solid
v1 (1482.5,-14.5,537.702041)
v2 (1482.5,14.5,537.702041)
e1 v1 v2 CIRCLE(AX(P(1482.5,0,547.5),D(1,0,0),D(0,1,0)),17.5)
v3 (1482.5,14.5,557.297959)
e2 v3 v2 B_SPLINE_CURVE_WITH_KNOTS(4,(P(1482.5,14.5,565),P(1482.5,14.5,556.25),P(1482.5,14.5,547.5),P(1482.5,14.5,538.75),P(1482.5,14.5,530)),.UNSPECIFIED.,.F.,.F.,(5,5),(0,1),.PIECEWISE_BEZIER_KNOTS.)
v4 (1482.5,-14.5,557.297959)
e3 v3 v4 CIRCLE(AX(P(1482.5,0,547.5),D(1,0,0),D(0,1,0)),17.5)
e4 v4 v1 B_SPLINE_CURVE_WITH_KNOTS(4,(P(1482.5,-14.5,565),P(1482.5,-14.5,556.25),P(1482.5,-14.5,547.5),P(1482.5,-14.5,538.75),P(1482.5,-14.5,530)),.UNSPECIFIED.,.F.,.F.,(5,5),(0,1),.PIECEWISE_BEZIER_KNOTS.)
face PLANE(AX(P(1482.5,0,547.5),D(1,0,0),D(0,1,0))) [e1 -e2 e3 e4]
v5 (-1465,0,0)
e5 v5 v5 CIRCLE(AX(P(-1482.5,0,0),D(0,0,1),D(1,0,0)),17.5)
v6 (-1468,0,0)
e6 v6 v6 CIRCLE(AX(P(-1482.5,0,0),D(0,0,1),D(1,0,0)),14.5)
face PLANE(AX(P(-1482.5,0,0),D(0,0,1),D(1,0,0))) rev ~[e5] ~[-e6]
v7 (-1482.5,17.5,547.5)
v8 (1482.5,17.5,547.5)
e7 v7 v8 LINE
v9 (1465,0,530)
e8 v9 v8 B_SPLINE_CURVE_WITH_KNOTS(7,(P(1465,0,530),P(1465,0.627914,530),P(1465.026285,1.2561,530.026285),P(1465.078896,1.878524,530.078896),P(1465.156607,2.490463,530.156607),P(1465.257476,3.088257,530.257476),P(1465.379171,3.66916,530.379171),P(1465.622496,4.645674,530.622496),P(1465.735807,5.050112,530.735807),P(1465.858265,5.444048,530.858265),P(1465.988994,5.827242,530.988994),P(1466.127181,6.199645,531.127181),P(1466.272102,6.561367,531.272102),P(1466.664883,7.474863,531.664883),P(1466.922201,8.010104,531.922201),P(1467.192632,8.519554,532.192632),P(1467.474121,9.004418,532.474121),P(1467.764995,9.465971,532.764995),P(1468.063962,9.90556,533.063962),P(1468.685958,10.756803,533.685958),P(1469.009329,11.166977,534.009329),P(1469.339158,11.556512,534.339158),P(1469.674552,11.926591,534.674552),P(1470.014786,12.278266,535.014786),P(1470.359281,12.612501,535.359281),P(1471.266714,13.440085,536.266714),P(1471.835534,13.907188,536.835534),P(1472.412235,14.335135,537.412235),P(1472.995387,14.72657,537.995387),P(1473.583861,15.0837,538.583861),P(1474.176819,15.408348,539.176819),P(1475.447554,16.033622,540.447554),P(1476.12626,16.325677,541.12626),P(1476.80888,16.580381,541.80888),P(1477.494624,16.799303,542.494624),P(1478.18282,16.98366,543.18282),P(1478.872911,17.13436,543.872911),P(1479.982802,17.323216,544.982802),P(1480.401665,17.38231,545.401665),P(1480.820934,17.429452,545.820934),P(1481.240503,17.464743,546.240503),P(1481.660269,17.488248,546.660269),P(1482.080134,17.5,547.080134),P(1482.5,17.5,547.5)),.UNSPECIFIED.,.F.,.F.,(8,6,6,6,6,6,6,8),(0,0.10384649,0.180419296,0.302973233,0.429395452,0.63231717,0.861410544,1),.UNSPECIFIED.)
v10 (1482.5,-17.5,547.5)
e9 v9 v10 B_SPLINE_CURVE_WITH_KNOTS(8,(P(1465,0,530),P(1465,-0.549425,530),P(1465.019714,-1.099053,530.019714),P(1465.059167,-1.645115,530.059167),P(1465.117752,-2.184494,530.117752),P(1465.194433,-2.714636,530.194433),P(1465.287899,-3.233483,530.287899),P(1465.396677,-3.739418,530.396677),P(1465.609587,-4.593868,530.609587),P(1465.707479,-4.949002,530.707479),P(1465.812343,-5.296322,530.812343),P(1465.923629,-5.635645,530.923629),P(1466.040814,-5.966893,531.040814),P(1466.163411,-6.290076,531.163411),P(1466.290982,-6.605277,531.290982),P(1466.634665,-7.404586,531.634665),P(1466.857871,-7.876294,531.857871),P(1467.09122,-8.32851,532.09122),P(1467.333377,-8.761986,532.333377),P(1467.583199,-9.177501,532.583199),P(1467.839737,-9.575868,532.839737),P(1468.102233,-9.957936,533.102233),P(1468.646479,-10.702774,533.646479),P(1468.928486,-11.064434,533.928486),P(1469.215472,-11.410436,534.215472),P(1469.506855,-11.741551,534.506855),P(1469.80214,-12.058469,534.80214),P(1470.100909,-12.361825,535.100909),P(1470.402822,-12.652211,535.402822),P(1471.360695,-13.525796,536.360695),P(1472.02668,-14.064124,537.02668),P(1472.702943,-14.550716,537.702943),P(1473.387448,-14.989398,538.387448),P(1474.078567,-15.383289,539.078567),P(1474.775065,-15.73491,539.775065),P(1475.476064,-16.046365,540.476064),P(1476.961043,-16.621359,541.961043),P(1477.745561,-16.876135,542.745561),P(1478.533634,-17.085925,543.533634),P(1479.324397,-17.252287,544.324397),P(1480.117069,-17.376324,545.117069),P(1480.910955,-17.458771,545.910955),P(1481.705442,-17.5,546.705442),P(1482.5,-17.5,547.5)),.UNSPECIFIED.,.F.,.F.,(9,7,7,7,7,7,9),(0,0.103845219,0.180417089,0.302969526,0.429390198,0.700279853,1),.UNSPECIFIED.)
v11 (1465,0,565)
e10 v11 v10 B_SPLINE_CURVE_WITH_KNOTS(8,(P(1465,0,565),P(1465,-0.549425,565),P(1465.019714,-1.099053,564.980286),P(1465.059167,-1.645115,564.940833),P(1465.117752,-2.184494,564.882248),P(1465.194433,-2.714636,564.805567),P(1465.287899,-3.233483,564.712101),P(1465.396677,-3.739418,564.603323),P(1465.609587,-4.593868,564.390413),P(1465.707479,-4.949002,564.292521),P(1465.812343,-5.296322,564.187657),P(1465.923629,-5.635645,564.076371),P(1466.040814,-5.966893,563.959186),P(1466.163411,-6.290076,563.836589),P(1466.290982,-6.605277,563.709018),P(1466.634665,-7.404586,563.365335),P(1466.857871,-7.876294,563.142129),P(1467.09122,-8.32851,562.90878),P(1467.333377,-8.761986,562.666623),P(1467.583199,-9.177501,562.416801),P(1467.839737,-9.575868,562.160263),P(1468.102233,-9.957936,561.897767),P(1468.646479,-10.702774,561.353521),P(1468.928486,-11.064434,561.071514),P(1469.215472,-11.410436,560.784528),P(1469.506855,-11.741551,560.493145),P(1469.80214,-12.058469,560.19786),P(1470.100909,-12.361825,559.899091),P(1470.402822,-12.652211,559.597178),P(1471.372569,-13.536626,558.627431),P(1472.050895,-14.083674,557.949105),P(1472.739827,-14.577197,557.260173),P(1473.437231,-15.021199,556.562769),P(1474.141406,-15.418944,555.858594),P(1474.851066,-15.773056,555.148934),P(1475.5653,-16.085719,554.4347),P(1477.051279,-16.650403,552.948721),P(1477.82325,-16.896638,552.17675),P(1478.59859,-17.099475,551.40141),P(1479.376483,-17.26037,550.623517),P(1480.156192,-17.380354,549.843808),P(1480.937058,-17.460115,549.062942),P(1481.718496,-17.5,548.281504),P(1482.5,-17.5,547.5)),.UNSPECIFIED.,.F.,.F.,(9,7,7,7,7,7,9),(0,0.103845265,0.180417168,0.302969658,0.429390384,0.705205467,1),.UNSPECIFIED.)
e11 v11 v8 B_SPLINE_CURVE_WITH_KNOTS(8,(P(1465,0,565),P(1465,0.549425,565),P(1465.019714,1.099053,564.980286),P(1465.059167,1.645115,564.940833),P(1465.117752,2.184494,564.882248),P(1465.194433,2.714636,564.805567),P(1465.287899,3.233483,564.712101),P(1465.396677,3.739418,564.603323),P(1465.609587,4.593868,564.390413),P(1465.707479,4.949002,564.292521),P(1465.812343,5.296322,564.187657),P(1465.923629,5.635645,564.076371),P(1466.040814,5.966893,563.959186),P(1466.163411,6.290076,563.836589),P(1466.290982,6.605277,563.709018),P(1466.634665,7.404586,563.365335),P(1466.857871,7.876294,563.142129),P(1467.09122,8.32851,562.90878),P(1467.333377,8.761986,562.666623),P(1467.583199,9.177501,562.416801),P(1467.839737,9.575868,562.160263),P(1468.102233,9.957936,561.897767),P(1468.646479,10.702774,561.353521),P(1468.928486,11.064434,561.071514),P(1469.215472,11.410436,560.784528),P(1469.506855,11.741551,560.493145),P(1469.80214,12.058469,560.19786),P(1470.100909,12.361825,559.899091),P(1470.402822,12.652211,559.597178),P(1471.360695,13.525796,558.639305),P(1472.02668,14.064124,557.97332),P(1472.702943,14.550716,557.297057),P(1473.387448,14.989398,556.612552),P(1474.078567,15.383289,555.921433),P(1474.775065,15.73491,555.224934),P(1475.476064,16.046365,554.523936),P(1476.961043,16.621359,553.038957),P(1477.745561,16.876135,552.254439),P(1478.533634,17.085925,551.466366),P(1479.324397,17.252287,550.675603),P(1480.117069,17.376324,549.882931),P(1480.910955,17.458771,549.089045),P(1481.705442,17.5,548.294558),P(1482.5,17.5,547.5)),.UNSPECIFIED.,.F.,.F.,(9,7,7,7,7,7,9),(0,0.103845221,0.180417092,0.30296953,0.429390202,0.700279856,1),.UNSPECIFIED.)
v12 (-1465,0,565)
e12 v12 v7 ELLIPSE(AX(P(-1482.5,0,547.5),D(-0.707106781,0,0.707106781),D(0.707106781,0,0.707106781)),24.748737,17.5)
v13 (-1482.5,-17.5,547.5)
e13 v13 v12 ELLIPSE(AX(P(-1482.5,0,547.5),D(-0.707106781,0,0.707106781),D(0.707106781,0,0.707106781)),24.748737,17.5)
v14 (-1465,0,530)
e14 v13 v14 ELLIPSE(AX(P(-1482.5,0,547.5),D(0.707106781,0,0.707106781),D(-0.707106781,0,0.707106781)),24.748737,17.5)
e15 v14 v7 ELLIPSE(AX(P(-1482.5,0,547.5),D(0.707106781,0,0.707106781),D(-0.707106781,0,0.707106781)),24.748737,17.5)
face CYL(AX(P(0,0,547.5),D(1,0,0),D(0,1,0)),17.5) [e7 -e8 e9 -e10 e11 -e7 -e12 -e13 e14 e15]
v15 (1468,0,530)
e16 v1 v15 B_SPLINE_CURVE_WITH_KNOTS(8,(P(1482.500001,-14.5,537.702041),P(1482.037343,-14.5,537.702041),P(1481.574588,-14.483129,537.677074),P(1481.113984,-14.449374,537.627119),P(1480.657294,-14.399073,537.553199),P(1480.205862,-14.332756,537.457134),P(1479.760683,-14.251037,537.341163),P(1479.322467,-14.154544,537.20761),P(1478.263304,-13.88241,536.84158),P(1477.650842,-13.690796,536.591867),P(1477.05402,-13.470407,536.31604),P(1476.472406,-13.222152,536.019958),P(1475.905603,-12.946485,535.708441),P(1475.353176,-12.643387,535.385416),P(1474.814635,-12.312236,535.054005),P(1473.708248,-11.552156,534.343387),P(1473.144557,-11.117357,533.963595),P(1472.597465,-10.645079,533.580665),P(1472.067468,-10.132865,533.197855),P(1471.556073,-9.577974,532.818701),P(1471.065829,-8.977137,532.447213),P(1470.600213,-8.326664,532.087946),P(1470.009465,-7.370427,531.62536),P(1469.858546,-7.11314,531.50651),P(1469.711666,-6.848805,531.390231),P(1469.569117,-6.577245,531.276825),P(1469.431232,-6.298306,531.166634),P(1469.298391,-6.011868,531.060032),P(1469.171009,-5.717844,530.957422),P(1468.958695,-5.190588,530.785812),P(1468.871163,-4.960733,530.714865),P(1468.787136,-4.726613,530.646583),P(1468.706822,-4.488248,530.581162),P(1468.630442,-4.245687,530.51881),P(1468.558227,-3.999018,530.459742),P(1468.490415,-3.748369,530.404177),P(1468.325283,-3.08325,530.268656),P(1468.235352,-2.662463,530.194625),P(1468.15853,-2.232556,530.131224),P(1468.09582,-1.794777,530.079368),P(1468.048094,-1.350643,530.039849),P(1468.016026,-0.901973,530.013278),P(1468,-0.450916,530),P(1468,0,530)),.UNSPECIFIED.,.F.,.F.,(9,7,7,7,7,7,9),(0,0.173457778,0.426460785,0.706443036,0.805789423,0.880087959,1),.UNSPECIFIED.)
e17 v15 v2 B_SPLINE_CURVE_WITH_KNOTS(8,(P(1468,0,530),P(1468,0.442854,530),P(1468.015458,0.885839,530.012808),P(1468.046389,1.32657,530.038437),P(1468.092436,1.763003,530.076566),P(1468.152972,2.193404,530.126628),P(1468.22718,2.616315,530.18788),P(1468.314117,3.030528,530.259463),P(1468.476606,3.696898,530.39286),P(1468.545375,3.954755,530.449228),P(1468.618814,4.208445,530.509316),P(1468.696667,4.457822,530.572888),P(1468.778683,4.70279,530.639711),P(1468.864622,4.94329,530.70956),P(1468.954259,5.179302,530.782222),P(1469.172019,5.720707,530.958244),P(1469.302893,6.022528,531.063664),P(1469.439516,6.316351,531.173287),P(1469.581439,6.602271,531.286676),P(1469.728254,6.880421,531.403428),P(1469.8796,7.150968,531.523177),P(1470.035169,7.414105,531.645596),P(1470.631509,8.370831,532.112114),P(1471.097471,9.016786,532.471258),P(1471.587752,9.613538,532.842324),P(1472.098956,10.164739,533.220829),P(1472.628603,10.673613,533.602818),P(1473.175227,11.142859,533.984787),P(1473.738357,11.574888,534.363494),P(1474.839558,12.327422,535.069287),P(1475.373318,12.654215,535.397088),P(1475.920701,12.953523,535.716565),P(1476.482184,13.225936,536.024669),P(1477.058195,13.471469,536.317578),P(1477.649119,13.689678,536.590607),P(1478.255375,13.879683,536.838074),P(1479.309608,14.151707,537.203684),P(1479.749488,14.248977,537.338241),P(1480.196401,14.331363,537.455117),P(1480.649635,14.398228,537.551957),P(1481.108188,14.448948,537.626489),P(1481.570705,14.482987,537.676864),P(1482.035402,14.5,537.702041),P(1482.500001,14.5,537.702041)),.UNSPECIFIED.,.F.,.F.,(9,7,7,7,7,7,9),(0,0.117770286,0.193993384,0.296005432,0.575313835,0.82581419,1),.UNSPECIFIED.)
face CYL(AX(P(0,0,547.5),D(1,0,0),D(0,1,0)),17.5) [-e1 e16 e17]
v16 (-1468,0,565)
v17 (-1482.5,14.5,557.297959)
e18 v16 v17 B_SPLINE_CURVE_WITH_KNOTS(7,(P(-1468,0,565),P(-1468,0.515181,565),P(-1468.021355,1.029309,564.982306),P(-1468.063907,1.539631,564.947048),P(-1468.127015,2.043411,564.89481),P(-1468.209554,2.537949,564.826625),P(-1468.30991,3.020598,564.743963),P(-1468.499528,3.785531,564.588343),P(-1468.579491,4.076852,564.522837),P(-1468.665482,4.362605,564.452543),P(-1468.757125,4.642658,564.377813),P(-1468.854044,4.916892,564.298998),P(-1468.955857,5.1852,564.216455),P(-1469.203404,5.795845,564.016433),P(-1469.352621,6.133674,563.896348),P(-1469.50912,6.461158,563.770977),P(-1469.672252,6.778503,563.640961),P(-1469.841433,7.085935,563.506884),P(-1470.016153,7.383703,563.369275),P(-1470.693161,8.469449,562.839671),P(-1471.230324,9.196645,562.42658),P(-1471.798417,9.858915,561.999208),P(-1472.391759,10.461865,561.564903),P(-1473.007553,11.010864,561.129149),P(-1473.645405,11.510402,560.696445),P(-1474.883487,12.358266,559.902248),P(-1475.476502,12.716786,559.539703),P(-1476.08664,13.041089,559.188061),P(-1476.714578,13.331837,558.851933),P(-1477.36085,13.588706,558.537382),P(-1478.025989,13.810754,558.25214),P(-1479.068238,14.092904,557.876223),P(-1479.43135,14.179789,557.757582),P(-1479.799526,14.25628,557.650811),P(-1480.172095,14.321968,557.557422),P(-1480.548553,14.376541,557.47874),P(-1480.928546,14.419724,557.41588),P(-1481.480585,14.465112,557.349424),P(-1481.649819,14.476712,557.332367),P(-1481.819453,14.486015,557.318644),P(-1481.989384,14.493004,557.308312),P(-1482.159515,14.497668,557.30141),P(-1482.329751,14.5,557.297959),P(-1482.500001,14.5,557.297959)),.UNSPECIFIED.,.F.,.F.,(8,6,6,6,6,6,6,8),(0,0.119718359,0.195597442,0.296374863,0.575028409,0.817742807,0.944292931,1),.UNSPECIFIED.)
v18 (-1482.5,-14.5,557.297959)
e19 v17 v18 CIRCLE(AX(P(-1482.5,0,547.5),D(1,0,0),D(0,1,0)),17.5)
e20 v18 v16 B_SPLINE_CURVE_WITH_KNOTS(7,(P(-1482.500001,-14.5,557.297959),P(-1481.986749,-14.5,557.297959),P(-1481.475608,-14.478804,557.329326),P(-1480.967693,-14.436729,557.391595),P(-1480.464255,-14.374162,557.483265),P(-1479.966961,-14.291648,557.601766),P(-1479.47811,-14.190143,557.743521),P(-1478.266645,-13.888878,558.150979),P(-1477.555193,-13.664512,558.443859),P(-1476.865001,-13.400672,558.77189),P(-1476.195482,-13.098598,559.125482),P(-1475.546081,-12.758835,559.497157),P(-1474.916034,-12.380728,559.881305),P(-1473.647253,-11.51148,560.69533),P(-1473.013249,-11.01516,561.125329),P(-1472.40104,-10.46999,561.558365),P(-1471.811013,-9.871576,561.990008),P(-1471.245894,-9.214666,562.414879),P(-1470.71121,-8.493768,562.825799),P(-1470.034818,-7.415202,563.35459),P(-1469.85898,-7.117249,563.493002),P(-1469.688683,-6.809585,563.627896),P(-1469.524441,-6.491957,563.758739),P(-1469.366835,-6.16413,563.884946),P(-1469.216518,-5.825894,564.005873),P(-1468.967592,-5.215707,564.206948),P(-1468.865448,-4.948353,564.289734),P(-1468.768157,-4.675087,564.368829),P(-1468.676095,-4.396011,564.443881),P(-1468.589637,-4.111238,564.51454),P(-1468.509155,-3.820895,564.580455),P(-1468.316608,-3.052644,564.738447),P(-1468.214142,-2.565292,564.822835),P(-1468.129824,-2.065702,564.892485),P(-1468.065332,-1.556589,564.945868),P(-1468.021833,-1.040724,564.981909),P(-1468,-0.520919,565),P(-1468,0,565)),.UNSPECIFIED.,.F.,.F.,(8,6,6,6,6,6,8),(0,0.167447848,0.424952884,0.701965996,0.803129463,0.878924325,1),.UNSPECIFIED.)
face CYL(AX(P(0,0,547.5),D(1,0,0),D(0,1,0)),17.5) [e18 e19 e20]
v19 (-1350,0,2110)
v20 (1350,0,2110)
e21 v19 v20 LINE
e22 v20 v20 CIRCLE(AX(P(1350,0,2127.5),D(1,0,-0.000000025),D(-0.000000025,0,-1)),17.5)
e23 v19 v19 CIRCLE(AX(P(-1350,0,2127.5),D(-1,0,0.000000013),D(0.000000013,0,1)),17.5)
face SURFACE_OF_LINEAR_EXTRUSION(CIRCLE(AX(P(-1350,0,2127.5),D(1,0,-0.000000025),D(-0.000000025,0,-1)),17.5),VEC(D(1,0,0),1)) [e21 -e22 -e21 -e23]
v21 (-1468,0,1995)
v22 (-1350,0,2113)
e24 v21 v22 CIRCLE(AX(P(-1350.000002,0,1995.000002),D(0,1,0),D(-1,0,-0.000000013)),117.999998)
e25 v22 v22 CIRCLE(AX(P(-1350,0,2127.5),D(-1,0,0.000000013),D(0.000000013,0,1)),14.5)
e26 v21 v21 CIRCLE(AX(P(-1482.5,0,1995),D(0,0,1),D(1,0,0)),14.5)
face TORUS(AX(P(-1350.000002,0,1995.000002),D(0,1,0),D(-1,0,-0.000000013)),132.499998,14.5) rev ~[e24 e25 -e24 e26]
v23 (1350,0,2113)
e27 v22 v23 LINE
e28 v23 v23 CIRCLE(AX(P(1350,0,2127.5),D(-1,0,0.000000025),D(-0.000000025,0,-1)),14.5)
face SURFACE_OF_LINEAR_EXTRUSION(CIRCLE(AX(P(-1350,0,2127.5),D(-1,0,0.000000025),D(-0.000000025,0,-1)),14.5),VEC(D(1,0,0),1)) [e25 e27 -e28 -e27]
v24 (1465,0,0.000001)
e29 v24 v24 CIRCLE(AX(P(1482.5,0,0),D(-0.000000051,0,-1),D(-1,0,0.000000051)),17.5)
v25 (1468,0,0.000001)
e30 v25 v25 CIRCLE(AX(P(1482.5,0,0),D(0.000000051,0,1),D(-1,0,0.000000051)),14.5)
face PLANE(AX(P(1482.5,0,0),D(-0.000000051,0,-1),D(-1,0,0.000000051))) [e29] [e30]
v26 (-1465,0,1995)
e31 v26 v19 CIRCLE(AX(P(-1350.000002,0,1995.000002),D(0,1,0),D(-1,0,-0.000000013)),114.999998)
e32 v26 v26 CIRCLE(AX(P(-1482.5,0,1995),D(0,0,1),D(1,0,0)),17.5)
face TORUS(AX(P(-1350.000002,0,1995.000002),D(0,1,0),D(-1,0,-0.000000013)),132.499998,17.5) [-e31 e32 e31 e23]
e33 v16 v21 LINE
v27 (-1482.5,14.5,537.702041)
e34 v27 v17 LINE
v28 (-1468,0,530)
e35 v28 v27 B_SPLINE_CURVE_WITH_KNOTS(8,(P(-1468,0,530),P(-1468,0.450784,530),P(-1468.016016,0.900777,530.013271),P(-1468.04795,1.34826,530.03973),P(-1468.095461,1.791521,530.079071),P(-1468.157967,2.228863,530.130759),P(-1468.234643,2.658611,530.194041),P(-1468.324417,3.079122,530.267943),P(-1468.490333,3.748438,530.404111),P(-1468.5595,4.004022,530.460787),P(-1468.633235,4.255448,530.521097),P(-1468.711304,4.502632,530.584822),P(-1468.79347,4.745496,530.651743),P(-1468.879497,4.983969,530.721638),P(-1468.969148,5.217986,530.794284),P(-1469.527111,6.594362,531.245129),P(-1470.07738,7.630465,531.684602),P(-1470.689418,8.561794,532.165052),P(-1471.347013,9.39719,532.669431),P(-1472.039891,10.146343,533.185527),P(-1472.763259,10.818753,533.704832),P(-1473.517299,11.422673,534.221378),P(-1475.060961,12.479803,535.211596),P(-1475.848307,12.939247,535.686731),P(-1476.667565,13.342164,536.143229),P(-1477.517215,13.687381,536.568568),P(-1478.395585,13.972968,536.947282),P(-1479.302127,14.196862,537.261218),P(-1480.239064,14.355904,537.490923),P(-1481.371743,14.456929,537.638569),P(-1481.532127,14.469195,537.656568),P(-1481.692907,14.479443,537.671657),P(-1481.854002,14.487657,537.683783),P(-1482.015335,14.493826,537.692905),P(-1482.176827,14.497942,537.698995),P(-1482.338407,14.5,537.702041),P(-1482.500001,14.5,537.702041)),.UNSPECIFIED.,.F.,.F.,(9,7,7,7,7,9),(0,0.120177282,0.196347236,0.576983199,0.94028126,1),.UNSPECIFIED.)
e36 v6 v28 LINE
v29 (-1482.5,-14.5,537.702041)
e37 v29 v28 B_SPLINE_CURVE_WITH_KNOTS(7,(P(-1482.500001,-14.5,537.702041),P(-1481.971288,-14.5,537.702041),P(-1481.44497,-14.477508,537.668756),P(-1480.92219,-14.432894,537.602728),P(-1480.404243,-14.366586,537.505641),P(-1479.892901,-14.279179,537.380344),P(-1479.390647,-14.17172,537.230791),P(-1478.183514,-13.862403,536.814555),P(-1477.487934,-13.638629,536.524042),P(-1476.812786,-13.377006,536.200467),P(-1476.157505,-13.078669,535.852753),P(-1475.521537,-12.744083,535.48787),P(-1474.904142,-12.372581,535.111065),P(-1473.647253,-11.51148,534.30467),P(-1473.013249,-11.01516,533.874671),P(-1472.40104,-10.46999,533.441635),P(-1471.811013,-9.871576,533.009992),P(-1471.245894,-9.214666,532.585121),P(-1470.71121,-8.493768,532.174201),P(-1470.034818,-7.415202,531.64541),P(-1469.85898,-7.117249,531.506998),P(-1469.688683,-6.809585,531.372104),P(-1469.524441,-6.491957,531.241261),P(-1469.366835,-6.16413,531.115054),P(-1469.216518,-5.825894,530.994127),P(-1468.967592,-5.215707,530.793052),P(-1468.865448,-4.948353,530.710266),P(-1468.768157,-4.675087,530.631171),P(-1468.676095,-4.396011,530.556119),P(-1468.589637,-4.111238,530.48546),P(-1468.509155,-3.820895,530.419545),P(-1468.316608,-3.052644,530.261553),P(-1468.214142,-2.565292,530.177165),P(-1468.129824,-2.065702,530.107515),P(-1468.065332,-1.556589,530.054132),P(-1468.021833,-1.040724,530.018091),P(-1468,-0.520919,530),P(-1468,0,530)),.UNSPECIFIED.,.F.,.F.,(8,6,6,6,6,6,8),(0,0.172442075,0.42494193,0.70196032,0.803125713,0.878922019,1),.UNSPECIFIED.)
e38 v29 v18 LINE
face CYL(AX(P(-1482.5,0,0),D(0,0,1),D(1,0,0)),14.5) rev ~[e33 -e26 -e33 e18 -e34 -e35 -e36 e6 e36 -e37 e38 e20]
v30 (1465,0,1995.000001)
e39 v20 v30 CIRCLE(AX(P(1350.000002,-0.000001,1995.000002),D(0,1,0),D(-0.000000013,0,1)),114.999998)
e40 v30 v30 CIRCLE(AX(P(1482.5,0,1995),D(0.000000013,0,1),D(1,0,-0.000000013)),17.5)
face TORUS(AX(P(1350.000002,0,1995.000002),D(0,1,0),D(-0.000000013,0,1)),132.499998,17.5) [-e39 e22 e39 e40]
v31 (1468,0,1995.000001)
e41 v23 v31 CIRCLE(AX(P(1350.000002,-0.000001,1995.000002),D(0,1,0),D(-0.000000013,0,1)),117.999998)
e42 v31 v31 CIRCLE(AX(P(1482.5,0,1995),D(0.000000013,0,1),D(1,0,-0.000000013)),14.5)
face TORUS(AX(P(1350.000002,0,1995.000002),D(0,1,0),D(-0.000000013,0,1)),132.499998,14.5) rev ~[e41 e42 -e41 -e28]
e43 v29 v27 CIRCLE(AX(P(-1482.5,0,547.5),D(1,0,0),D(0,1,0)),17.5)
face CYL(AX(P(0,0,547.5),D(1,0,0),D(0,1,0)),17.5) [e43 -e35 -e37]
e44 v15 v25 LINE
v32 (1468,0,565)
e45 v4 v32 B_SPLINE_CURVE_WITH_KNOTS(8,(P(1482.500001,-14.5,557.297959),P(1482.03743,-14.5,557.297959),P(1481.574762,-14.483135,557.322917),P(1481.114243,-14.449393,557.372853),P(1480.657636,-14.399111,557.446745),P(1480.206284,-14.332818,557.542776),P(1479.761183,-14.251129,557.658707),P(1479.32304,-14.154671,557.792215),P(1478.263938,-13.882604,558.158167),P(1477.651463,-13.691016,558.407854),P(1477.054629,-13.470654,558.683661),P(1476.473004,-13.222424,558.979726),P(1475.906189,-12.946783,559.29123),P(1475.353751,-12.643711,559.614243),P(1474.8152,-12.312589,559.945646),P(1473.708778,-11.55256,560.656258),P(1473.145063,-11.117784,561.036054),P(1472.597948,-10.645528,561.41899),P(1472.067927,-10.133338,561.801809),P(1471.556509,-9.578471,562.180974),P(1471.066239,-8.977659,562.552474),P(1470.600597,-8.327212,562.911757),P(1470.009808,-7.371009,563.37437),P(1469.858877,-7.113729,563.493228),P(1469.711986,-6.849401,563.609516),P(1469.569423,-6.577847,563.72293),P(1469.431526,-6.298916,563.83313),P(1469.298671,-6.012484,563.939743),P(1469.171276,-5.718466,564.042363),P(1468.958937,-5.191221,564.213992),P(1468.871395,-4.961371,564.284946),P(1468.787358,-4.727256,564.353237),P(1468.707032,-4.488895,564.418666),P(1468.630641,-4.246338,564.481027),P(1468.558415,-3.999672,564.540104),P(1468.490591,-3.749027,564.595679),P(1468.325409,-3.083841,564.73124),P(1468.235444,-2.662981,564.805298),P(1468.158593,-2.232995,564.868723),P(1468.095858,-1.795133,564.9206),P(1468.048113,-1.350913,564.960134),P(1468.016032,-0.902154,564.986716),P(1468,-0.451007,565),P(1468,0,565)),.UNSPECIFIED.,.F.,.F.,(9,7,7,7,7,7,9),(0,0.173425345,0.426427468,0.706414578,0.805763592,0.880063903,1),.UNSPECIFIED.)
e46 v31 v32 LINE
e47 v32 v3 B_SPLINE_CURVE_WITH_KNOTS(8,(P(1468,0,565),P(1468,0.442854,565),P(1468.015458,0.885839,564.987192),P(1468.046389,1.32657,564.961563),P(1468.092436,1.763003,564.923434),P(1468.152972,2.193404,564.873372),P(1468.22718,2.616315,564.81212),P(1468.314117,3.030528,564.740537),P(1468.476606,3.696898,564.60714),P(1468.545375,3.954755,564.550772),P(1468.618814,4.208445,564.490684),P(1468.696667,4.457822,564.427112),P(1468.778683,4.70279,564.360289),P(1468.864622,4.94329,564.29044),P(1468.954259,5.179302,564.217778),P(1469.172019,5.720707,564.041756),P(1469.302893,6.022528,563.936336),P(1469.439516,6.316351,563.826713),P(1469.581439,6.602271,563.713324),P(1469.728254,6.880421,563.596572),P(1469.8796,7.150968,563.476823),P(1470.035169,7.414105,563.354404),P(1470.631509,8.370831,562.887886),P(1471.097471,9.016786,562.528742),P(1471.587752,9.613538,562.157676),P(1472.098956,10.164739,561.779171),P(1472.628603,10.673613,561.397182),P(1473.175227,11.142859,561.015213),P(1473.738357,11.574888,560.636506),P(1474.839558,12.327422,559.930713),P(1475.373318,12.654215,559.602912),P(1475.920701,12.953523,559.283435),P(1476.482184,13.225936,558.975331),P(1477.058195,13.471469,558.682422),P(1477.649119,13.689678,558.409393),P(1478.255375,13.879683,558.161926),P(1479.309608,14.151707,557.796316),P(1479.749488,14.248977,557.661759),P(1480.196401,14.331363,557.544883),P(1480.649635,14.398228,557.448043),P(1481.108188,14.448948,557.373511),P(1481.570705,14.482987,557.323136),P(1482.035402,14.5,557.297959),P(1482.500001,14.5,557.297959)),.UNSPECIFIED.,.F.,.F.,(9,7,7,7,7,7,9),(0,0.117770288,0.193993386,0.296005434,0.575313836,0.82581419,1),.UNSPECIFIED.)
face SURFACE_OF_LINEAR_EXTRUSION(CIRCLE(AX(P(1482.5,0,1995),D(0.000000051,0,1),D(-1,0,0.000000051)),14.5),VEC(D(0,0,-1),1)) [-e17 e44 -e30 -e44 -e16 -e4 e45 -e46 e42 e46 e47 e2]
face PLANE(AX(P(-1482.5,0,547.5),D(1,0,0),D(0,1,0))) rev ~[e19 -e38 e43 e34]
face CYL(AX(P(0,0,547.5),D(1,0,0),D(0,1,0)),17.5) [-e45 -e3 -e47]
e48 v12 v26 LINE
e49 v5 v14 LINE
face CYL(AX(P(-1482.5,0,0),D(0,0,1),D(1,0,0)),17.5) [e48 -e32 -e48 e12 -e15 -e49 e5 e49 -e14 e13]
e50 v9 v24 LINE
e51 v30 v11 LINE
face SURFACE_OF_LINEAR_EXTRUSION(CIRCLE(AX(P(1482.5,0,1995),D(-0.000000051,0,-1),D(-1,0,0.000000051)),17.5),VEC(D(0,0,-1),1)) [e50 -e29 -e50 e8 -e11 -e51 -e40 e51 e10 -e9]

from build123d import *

# Parameters (mm, degrees)
F1_R     = 17.5
F1_R_2   = 14.5
F3_R     = 17.5
F4_DEPTH = 1482.5


with BuildPart() as f2:
    # F2: sweep along a path in F0
    with BuildLine(Plane.XZ) as f2_path:
        Line((-1482.5, 0), (-1482.5, 1995))
        ThreePointArc((-1482.5, 1995), (-1443.691649, 2088.691649), (-1350, 2127.5))
        Line((-1350, 2127.5), (0, 2127.5))
        Line((0, 2127.5), (1350, 2127.5))
        ThreePointArc((1350, 2127.5), (1443.691649, 2088.691649), (1482.5, 1995))
        Line((1482.5, 1995), (1482.5, 0))
    # F1 (on Top) → F2 (sweep)
    with BuildSketch(Plane.XY):
        with Locations((-1482.5, 0)):
            Circle(F1_R)
        with Locations((-1482.5, 0)):
            Circle(F1_R_2, mode=Mode.SUBTRACT)
    sweep(path=f2_path.line)

    # F3 (on Right) → F4 (join, symmetric)
    with BuildSketch(Plane.YZ):
        with Locations((0, 547.5)):
            Circle(F3_R)
    extrude(amount=F4_DEPTH, both=True)


solid = f2.part
